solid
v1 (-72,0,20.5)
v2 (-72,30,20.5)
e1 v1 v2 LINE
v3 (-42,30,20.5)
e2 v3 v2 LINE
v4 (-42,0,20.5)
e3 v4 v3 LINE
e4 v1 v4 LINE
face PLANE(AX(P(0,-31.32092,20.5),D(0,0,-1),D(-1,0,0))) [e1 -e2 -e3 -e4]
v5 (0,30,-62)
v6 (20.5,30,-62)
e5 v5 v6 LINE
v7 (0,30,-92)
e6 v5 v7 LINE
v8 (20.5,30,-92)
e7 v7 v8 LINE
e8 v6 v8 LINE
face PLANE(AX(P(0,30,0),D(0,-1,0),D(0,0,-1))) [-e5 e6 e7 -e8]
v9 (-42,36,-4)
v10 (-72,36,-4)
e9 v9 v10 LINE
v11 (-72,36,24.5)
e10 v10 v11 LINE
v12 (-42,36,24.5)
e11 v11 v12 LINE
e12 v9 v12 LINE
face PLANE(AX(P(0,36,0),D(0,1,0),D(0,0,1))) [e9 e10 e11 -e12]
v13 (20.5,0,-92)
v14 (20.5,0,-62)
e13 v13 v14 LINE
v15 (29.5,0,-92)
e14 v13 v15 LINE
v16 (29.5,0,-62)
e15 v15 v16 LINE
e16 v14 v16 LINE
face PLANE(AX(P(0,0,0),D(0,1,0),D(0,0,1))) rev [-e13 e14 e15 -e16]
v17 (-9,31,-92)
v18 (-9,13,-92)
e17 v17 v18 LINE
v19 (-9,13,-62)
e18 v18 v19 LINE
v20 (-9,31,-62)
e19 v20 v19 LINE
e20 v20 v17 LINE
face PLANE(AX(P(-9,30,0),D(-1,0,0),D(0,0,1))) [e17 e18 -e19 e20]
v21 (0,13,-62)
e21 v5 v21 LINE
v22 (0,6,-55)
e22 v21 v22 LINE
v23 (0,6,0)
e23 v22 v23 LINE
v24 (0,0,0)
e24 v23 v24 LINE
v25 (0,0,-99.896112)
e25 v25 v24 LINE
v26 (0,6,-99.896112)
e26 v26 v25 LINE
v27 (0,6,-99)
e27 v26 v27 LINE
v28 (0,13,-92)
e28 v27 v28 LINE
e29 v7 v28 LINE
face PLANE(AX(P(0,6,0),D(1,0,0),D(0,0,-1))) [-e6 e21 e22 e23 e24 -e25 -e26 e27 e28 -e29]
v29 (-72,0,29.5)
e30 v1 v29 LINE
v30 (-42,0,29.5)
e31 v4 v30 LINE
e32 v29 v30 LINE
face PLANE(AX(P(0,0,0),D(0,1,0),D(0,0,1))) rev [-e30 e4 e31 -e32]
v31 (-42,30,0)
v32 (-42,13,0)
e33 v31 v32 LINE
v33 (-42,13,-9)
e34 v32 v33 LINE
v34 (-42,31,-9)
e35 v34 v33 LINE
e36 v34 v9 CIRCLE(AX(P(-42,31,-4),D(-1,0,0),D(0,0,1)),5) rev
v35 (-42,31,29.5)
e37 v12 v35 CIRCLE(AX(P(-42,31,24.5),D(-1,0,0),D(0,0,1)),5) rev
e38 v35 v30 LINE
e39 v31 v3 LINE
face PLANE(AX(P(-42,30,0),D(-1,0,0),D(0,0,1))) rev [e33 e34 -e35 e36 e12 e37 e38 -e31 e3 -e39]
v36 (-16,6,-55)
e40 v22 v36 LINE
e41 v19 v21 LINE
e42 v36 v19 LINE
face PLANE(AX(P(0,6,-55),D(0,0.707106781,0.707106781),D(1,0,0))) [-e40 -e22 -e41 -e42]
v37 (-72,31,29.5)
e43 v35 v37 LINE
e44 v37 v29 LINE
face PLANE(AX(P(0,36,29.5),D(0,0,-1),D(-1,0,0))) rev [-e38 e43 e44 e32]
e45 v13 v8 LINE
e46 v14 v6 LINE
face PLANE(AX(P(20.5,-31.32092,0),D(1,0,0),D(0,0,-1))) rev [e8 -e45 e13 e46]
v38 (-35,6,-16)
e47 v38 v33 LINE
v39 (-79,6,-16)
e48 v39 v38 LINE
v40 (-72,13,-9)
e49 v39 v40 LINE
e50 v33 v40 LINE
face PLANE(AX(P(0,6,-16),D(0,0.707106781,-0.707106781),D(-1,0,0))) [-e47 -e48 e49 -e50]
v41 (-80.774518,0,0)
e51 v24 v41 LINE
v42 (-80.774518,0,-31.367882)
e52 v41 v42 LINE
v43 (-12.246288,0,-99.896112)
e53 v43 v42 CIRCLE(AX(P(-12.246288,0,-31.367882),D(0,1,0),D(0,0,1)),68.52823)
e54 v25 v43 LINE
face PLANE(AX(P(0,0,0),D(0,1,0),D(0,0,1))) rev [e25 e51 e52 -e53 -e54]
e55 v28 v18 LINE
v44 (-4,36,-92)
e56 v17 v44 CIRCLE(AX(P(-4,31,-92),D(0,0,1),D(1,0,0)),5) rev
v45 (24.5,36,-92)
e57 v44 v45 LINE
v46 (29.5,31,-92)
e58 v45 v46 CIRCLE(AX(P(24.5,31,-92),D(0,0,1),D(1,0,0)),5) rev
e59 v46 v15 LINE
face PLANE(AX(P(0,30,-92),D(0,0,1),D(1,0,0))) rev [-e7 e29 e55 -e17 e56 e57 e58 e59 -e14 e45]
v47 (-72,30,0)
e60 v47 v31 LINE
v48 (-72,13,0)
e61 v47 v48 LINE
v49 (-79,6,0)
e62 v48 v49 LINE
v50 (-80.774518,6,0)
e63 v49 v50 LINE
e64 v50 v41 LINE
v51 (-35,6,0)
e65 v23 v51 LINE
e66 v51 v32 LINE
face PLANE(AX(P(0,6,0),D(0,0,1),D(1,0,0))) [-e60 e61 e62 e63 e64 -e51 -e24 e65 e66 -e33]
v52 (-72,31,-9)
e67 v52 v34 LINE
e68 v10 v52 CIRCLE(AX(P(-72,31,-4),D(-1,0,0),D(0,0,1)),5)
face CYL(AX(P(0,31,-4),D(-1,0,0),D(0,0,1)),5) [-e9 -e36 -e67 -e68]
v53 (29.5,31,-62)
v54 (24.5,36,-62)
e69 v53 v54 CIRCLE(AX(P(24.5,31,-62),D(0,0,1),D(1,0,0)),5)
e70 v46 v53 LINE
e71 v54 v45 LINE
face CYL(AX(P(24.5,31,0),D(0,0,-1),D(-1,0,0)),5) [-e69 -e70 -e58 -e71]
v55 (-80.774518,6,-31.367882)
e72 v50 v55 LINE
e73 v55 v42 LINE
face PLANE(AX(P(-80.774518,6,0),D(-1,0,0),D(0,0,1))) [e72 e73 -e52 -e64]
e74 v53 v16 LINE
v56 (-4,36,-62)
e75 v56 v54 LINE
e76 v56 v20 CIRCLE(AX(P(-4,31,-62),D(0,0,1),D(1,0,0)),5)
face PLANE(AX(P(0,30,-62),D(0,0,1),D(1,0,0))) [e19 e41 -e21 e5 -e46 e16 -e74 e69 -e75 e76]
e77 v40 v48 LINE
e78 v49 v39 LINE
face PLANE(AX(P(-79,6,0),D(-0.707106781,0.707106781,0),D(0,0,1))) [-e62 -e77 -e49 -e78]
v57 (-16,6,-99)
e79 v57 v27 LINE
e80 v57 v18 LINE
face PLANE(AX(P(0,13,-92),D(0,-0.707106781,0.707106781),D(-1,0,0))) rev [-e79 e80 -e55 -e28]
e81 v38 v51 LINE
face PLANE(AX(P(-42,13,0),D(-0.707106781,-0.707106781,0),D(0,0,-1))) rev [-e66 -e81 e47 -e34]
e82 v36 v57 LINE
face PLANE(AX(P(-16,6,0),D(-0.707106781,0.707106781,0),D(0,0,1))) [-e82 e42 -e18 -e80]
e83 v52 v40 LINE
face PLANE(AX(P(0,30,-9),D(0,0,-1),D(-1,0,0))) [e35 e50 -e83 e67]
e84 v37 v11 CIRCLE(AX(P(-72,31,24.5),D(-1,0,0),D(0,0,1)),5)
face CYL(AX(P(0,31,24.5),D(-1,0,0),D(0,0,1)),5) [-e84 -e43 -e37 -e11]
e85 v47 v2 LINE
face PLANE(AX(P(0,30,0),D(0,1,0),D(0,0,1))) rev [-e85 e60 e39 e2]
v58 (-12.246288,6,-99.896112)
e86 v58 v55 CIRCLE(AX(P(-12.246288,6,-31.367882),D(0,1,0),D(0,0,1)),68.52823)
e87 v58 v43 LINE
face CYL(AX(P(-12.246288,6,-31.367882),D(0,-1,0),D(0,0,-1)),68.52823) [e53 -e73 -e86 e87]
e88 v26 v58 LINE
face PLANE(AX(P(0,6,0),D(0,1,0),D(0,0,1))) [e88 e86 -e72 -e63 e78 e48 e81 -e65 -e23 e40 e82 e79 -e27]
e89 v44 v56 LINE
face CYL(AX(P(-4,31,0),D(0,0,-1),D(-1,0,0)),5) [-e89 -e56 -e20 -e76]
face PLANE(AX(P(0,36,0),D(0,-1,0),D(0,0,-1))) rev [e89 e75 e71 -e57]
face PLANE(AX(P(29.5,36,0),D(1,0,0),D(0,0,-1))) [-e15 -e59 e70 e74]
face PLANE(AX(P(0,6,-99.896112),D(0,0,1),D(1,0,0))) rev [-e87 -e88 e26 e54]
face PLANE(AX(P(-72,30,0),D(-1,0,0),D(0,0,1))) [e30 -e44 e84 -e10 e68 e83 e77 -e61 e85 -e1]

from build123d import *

# Parameters (mm, degrees)
SKETCH1_W           = 30
SKETCH1_H           = 9
SKETCH1_W_2         = 9
SKETCH1_H_2         = 30
BOSS_EXTRUDE1_DEPTH = 6
BOSS_EXTRUDE2_START = 6
SKETCH1_3_W         = 30
SKETCH1_3_H         = 9
SKETCH1_3_W_2       = 9
SKETCH1_3_H_2       = 30
BOSS_EXTRUDE2_DEPTH = 24
BOSS_EXTRUDE3_START = 30
SKETCH1_4_W         = 30
SKETCH1_4_H         = 9
SKETCH1_4_H_2       = 20.5
SKETCH1_4_W_2       = 9
SKETCH1_4_H_3       = 30
SKETCH1_4_W_3       = 20.5
BOSS_EXTRUDE3_DEPTH = 6
BOSS_EXTRUDE4_START = 30
SKETCH1_5_W         = 30
SKETCH1_5_H         = 9
SKETCH1_5_W_2       = 9
SKETCH1_5_H_2       = 30
BOSS_EXTRUDE4_DEPTH = 30
CHAMFER1_SIZE       = 7
FILLET1_R           = 5


with BuildPart() as part:
    # Sketch1 → Boss-Extrude1 (new body)
    with BuildSketch(Plane(origin=(0, 0, 0), x_dir=(1, 0, 0), z_dir=(0, 1, 0))):
        with Locations((-57, 4.5)):
            Rectangle(SKETCH1_W, SKETCH1_H)
        with Locations((-4.5, 77)):
            Rectangle(SKETCH1_W_2, SKETCH1_H_2)
        with BuildLine():
            Line((0, 99.896112213), (-12.24628833, 99.896112213))
            ThreePointArc((-12.24628833, 99.896112213), (-60.703064532, 79.824658322), (-80.774518424, 31.36788212))
            Line((-80.774518424, 31.36788212), (-80.774518424, 0))
            Line((-80.774518424, 0), (-72, 0))
            Line((-72, 0), (-72, 9))
            Line((-72, 9), (-42, 9))
            Line((-42, 9), (-42, 0))
            Line((-42, 0), (0, 0))
            Line((0, 0), (0, 62))
            Line((0, 62), (-9, 62))
            Line((-9, 62), (-9, 92))
            Line((-9, 92), (0, 92))
            Line((0, 92), (0, 99.896112213))
        make_face()
    extrude(amount=BOSS_EXTRUDE1_DEPTH)

    # Sketch1<3> → Boss-Extrude2 (add)
    with BuildSketch(Plane(origin=(0, 0, 0), x_dir=(1, 0, 0), z_dir=(0, 1, 0)).offset(BOSS_EXTRUDE2_START)):
        with Locations((-57, 4.5)):
            Rectangle(SKETCH1_3_W, SKETCH1_3_H)
        with Locations((-4.5, 77)):
            Rectangle(SKETCH1_3_W_2, SKETCH1_3_H_2)
    extrude(amount=BOSS_EXTRUDE2_DEPTH)

    # Sketch1<4> → Boss-Extrude3 (add)
    with BuildSketch(Plane(origin=(0, 0, 0), x_dir=(1, 0, 0), z_dir=(0, 1, 0)).offset(BOSS_EXTRUDE3_START)):
        with Locations((-57, 4.5)):
            Rectangle(SKETCH1_4_W, SKETCH1_4_H)
        with Locations((-57, -10.25)):
            Rectangle(SKETCH1_4_W, SKETCH1_4_H_2)
        with Locations((-57, -25)):
            Rectangle(SKETCH1_4_W, SKETCH1_4_H)
        with Locations((-4.5, 77)):
            Rectangle(SKETCH1_4_W_2, SKETCH1_4_H_3)
        with Locations((10.25, 77)):
            Rectangle(SKETCH1_4_W_3, SKETCH1_4_H_3)
        with Locations((25, 77)):
            Rectangle(SKETCH1_4_W_2, SKETCH1_4_H_3)
    extrude(amount=BOSS_EXTRUDE3_DEPTH)

    # Sketch1<5> → Boss-Extrude4 (add)
    with BuildSketch(Plane(origin=(0, 0, 0), x_dir=(1, 0, 0), z_dir=(0, 1, 0)).offset(BOSS_EXTRUDE4_START)):
        with Locations((-57, -25)):
            Rectangle(SKETCH1_5_W, SKETCH1_5_H)
        with Locations((25, 77)):
            Rectangle(SKETCH1_5_W_2, SKETCH1_5_H_2)
    extrude(amount=-BOSS_EXTRUDE4_DEPTH)

    # Chamfer1
    chamfer1_edges = [part.edges().sort_by_distance(p)[0] for p in [
        (-42, 6, -4.5),
        (-72, 6, -4.5),
        (-57, 6, -9),
        (-4.5, 6, -92),
        (-4.5, 6, -62),
        (-9, 6, -77),
    ]]
    chamfer(chamfer1_edges, length=CHAMFER1_SIZE)

    # Fillet1
    fillet1_edges = [part.edges().sort_by_distance(p)[0] for p in [
        (-57, 36, -9),
        (-57, 36, 29.5),
        (29.5, 36, -77),
        (-9, 36, -77),
    ]]
    fillet(fillet1_edges, radius=FILLET1_R)


solid = part.part
